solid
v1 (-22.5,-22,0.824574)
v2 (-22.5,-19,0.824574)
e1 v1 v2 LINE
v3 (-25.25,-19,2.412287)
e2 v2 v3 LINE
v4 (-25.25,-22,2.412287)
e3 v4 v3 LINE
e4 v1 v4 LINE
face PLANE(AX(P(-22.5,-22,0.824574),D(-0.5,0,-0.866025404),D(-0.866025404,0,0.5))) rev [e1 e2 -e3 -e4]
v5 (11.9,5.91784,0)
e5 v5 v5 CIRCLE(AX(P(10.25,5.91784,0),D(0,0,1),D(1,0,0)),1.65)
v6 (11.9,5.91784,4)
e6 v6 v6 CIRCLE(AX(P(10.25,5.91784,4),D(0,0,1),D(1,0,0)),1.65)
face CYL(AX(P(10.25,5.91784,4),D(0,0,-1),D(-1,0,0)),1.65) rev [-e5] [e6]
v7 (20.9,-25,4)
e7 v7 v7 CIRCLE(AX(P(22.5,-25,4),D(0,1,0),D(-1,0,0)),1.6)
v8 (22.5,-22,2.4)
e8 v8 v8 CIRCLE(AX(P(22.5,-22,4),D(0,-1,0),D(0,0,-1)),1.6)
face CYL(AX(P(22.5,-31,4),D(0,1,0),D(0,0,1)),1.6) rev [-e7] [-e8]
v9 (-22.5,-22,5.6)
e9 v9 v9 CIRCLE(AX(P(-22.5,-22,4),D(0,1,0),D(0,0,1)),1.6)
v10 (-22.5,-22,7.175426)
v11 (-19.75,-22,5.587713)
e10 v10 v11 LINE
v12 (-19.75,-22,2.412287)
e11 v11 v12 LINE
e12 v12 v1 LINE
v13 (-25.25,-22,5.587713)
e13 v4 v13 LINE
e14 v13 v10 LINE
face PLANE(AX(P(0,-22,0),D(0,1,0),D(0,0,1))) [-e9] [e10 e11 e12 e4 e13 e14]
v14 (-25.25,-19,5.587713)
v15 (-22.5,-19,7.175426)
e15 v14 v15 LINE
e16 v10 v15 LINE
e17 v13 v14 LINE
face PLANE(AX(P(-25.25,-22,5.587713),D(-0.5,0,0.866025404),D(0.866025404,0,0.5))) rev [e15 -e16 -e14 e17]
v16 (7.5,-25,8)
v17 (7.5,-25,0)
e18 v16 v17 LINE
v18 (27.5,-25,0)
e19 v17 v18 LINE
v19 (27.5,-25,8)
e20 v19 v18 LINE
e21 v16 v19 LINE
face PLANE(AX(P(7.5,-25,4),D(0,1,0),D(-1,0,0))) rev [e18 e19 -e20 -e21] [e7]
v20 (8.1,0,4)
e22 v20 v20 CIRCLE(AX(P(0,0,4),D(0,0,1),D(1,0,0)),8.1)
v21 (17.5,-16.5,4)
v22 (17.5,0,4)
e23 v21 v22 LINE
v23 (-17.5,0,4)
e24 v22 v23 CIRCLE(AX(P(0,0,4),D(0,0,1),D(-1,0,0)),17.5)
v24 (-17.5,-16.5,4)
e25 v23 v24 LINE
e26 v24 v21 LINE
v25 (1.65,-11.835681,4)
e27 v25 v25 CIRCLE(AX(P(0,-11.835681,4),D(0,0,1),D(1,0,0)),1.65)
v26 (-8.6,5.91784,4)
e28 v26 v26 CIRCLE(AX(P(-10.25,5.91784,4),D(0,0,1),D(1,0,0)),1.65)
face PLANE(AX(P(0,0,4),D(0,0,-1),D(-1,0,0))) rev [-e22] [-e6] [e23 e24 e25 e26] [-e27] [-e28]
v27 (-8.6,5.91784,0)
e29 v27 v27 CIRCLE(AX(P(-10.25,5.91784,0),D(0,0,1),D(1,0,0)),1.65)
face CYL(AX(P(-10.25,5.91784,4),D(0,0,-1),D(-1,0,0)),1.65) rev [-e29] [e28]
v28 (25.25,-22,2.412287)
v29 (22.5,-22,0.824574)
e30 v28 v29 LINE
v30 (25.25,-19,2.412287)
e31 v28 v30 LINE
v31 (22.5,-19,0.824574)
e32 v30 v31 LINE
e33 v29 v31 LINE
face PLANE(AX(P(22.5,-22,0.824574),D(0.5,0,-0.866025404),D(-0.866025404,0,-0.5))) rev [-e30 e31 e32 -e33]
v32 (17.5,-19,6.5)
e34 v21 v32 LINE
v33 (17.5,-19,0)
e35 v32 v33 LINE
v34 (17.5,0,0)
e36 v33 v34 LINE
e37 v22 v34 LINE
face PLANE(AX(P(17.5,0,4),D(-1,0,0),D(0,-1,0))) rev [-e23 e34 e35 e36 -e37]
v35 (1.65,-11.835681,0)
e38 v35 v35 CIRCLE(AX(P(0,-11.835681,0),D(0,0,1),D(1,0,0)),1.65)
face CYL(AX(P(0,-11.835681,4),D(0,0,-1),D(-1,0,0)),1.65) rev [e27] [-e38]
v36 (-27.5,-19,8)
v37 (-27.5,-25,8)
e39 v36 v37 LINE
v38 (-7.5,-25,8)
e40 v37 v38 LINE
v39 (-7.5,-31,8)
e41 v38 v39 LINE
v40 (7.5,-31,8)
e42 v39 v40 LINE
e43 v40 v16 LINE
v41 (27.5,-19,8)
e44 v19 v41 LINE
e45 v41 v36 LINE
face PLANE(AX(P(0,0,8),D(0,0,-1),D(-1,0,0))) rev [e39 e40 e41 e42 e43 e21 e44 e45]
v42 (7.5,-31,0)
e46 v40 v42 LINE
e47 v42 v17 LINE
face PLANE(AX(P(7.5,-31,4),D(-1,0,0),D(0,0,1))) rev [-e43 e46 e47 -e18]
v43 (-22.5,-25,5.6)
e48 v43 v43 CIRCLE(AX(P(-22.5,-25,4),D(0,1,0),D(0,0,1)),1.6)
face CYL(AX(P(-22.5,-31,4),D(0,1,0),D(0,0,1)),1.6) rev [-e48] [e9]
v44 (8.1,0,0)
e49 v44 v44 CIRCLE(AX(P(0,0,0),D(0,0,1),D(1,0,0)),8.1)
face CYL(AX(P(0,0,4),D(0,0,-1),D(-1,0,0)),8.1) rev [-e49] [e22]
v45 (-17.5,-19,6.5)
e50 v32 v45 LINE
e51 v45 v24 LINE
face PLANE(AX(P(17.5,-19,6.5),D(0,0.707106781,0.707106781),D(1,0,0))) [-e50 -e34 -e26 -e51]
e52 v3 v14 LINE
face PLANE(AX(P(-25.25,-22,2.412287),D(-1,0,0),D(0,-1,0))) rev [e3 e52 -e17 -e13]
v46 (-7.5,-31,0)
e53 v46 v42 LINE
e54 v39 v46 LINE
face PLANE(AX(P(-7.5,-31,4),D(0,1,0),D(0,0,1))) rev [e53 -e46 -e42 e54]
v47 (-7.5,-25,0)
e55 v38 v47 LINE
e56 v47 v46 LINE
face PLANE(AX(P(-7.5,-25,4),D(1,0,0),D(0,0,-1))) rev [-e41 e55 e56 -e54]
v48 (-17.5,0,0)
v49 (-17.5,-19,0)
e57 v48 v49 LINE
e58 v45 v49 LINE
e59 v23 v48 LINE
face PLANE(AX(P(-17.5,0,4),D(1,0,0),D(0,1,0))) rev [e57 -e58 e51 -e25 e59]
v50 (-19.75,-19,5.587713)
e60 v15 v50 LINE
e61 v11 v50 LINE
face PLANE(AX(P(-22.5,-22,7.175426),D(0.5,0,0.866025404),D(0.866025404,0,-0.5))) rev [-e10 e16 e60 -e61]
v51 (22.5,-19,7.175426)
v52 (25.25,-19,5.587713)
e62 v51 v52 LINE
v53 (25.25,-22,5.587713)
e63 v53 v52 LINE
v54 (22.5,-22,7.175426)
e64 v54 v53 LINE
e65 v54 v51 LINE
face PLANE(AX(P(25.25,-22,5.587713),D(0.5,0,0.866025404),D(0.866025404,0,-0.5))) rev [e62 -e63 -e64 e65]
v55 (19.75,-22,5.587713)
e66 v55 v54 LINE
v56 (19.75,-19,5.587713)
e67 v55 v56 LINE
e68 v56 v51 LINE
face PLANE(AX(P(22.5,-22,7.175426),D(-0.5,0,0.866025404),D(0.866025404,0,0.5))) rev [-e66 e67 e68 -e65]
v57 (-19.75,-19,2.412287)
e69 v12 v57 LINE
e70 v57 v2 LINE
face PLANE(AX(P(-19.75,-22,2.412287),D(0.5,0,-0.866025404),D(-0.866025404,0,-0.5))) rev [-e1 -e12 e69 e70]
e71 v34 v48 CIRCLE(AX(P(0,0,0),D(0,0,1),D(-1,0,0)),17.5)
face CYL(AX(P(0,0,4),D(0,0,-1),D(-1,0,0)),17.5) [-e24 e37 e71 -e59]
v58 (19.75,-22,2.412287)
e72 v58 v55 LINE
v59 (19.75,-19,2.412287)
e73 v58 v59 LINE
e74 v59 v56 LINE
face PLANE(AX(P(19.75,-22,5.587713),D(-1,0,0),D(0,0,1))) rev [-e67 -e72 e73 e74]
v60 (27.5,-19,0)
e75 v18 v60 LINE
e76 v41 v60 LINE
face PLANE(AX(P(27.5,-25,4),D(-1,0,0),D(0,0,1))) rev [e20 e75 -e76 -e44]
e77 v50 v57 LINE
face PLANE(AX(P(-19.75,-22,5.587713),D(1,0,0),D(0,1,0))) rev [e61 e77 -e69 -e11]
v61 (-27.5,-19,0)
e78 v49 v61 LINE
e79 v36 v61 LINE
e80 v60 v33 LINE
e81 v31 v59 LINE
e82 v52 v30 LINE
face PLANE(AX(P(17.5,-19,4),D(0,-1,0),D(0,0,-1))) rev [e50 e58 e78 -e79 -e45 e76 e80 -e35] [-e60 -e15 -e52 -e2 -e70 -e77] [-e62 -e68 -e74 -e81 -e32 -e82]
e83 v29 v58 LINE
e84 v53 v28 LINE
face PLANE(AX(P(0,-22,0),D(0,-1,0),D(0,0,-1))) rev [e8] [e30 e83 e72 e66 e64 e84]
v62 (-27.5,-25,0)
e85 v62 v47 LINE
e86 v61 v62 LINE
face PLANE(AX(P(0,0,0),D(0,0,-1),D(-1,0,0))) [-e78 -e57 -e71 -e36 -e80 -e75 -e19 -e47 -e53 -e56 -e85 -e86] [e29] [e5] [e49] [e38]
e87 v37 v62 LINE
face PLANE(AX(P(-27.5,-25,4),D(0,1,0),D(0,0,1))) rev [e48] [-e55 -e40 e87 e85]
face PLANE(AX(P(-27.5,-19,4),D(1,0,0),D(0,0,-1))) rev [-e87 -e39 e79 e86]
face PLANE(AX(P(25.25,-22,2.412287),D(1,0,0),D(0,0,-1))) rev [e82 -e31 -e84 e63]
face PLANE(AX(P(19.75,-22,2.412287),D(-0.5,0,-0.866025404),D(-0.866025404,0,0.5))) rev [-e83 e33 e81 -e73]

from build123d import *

# Parameters (mm, degrees)
ESQUISSE1_R             = 8.1
ESQUISSE1_R_2           = 1.65
BOSS_EXTRU_1_DEPTH      = 4
BOSS_EXTRU_2_DEPTH      = 4
CHANFREIN1_SIZE         = 2.5
ENL_V_MAT_EXTRU_1_DEPTH = 3
ESQUISSE5_R             = 1.6
ENL_V_MAT_EXTRU_2_DEPTH = 47.395042839


with BuildPart() as part:
    # Esquisse1 → Boss.-Extru.1 (new body)
    with BuildSketch(Plane.XY):
        with BuildLine():
            Line((-27.5, -19), (-27.5, -25))
            Line((-27.5, -25), (-7.5, -25))
            Line((-7.5, -25), (-7.5, -31))
            Line((-7.5, -31), (7.5, -31))
            Line((7.5, -31), (7.5, -25))
            Line((7.5, -25), (27.5, -25))
            Line((27.5, -25), (27.5, -19))
            Line((27.5, -19), (17.5, -19))
            Line((17.5, -19), (17.5, 0))
            ThreePointArc((17.5, 0), (0, 17.5), (-17.5, 0))
            Line((-17.5, 0), (-17.5, -19))
            Line((-17.5, -19), (-27.5, -19))
        make_face()
        Circle(ESQUISSE1_R, mode=Mode.SUBTRACT)
        with Locations((-10.25, 5.917840259)):
            Circle(ESQUISSE1_R_2, mode=Mode.SUBTRACT)
        with Locations((10.25, 5.917840259)):
            Circle(ESQUISSE1_R_2, mode=Mode.SUBTRACT)
        with Locations((0, -11.835680518)):
            Circle(ESQUISSE1_R_2, mode=Mode.SUBTRACT)
    extrude(amount=BOSS_EXTRU_1_DEPTH)

    # Esquisse2 → Boss.-Extru.2 (add)
    with BuildSketch(Plane.XY.offset(4)):
        Polygon((-27.5, -25), (-7.5, -25), (-7.5, -31), (7.5, -31), (7.5, -25), (27.5, -25), (27.5, -19), (-27.5, -19), align=None)
    extrude(amount=BOSS_EXTRU_2_DEPTH)

    # Chanfrein1
    chanfrein1_edges = [part.edges().sort_by_distance(p)[0] for p in [
        (0, -19, 4),
    ]]
    chamfer(chanfrein1_edges, length=CHANFREIN1_SIZE)

    # Esquisse3 → Enlèv. mat.-Extru.1 (cut)
    with BuildSketch(Plane(origin=(0, -19, 0), x_dir=(1, 0, 0), z_dir=(0, 1, 0))):
        Polygon((19.75, -2.41228676), (22.5, -0.824573519), (25.25, -2.41228676), (25.25, -5.58771324), (22.5, -7.175426481), (19.75, -5.58771324), align=None)
        Polygon((-22.5, -0.824573519), (-25.25, -2.41228676), (-25.25, -5.58771324), (-22.5, -7.175426481), (-19.75, -5.58771324), (-19.75, -2.41228676), align=None)
    extrude(amount=-ENL_V_MAT_EXTRU_1_DEPTH, mode=Mode.SUBTRACT)

    # Esquisse5 → Enlèv. mat.-Extru.2 (cut, through all)
    with BuildSketch(Plane(origin=(0, -19, 0), x_dir=(1, 0, 0), z_dir=(0, 1, 0))):
        with Locations(Location((-22.5, -4, 0), (0, 0, 270))):
            Circle(ESQUISSE5_R)
        with Locations(Location((22.5, -4, 0), (0, 0, 180))):
            Circle(ESQUISSE5_R)
    extrude(amount=-ENL_V_MAT_EXTRU_2_DEPTH, mode=Mode.SUBTRACT)


solid = part.part
